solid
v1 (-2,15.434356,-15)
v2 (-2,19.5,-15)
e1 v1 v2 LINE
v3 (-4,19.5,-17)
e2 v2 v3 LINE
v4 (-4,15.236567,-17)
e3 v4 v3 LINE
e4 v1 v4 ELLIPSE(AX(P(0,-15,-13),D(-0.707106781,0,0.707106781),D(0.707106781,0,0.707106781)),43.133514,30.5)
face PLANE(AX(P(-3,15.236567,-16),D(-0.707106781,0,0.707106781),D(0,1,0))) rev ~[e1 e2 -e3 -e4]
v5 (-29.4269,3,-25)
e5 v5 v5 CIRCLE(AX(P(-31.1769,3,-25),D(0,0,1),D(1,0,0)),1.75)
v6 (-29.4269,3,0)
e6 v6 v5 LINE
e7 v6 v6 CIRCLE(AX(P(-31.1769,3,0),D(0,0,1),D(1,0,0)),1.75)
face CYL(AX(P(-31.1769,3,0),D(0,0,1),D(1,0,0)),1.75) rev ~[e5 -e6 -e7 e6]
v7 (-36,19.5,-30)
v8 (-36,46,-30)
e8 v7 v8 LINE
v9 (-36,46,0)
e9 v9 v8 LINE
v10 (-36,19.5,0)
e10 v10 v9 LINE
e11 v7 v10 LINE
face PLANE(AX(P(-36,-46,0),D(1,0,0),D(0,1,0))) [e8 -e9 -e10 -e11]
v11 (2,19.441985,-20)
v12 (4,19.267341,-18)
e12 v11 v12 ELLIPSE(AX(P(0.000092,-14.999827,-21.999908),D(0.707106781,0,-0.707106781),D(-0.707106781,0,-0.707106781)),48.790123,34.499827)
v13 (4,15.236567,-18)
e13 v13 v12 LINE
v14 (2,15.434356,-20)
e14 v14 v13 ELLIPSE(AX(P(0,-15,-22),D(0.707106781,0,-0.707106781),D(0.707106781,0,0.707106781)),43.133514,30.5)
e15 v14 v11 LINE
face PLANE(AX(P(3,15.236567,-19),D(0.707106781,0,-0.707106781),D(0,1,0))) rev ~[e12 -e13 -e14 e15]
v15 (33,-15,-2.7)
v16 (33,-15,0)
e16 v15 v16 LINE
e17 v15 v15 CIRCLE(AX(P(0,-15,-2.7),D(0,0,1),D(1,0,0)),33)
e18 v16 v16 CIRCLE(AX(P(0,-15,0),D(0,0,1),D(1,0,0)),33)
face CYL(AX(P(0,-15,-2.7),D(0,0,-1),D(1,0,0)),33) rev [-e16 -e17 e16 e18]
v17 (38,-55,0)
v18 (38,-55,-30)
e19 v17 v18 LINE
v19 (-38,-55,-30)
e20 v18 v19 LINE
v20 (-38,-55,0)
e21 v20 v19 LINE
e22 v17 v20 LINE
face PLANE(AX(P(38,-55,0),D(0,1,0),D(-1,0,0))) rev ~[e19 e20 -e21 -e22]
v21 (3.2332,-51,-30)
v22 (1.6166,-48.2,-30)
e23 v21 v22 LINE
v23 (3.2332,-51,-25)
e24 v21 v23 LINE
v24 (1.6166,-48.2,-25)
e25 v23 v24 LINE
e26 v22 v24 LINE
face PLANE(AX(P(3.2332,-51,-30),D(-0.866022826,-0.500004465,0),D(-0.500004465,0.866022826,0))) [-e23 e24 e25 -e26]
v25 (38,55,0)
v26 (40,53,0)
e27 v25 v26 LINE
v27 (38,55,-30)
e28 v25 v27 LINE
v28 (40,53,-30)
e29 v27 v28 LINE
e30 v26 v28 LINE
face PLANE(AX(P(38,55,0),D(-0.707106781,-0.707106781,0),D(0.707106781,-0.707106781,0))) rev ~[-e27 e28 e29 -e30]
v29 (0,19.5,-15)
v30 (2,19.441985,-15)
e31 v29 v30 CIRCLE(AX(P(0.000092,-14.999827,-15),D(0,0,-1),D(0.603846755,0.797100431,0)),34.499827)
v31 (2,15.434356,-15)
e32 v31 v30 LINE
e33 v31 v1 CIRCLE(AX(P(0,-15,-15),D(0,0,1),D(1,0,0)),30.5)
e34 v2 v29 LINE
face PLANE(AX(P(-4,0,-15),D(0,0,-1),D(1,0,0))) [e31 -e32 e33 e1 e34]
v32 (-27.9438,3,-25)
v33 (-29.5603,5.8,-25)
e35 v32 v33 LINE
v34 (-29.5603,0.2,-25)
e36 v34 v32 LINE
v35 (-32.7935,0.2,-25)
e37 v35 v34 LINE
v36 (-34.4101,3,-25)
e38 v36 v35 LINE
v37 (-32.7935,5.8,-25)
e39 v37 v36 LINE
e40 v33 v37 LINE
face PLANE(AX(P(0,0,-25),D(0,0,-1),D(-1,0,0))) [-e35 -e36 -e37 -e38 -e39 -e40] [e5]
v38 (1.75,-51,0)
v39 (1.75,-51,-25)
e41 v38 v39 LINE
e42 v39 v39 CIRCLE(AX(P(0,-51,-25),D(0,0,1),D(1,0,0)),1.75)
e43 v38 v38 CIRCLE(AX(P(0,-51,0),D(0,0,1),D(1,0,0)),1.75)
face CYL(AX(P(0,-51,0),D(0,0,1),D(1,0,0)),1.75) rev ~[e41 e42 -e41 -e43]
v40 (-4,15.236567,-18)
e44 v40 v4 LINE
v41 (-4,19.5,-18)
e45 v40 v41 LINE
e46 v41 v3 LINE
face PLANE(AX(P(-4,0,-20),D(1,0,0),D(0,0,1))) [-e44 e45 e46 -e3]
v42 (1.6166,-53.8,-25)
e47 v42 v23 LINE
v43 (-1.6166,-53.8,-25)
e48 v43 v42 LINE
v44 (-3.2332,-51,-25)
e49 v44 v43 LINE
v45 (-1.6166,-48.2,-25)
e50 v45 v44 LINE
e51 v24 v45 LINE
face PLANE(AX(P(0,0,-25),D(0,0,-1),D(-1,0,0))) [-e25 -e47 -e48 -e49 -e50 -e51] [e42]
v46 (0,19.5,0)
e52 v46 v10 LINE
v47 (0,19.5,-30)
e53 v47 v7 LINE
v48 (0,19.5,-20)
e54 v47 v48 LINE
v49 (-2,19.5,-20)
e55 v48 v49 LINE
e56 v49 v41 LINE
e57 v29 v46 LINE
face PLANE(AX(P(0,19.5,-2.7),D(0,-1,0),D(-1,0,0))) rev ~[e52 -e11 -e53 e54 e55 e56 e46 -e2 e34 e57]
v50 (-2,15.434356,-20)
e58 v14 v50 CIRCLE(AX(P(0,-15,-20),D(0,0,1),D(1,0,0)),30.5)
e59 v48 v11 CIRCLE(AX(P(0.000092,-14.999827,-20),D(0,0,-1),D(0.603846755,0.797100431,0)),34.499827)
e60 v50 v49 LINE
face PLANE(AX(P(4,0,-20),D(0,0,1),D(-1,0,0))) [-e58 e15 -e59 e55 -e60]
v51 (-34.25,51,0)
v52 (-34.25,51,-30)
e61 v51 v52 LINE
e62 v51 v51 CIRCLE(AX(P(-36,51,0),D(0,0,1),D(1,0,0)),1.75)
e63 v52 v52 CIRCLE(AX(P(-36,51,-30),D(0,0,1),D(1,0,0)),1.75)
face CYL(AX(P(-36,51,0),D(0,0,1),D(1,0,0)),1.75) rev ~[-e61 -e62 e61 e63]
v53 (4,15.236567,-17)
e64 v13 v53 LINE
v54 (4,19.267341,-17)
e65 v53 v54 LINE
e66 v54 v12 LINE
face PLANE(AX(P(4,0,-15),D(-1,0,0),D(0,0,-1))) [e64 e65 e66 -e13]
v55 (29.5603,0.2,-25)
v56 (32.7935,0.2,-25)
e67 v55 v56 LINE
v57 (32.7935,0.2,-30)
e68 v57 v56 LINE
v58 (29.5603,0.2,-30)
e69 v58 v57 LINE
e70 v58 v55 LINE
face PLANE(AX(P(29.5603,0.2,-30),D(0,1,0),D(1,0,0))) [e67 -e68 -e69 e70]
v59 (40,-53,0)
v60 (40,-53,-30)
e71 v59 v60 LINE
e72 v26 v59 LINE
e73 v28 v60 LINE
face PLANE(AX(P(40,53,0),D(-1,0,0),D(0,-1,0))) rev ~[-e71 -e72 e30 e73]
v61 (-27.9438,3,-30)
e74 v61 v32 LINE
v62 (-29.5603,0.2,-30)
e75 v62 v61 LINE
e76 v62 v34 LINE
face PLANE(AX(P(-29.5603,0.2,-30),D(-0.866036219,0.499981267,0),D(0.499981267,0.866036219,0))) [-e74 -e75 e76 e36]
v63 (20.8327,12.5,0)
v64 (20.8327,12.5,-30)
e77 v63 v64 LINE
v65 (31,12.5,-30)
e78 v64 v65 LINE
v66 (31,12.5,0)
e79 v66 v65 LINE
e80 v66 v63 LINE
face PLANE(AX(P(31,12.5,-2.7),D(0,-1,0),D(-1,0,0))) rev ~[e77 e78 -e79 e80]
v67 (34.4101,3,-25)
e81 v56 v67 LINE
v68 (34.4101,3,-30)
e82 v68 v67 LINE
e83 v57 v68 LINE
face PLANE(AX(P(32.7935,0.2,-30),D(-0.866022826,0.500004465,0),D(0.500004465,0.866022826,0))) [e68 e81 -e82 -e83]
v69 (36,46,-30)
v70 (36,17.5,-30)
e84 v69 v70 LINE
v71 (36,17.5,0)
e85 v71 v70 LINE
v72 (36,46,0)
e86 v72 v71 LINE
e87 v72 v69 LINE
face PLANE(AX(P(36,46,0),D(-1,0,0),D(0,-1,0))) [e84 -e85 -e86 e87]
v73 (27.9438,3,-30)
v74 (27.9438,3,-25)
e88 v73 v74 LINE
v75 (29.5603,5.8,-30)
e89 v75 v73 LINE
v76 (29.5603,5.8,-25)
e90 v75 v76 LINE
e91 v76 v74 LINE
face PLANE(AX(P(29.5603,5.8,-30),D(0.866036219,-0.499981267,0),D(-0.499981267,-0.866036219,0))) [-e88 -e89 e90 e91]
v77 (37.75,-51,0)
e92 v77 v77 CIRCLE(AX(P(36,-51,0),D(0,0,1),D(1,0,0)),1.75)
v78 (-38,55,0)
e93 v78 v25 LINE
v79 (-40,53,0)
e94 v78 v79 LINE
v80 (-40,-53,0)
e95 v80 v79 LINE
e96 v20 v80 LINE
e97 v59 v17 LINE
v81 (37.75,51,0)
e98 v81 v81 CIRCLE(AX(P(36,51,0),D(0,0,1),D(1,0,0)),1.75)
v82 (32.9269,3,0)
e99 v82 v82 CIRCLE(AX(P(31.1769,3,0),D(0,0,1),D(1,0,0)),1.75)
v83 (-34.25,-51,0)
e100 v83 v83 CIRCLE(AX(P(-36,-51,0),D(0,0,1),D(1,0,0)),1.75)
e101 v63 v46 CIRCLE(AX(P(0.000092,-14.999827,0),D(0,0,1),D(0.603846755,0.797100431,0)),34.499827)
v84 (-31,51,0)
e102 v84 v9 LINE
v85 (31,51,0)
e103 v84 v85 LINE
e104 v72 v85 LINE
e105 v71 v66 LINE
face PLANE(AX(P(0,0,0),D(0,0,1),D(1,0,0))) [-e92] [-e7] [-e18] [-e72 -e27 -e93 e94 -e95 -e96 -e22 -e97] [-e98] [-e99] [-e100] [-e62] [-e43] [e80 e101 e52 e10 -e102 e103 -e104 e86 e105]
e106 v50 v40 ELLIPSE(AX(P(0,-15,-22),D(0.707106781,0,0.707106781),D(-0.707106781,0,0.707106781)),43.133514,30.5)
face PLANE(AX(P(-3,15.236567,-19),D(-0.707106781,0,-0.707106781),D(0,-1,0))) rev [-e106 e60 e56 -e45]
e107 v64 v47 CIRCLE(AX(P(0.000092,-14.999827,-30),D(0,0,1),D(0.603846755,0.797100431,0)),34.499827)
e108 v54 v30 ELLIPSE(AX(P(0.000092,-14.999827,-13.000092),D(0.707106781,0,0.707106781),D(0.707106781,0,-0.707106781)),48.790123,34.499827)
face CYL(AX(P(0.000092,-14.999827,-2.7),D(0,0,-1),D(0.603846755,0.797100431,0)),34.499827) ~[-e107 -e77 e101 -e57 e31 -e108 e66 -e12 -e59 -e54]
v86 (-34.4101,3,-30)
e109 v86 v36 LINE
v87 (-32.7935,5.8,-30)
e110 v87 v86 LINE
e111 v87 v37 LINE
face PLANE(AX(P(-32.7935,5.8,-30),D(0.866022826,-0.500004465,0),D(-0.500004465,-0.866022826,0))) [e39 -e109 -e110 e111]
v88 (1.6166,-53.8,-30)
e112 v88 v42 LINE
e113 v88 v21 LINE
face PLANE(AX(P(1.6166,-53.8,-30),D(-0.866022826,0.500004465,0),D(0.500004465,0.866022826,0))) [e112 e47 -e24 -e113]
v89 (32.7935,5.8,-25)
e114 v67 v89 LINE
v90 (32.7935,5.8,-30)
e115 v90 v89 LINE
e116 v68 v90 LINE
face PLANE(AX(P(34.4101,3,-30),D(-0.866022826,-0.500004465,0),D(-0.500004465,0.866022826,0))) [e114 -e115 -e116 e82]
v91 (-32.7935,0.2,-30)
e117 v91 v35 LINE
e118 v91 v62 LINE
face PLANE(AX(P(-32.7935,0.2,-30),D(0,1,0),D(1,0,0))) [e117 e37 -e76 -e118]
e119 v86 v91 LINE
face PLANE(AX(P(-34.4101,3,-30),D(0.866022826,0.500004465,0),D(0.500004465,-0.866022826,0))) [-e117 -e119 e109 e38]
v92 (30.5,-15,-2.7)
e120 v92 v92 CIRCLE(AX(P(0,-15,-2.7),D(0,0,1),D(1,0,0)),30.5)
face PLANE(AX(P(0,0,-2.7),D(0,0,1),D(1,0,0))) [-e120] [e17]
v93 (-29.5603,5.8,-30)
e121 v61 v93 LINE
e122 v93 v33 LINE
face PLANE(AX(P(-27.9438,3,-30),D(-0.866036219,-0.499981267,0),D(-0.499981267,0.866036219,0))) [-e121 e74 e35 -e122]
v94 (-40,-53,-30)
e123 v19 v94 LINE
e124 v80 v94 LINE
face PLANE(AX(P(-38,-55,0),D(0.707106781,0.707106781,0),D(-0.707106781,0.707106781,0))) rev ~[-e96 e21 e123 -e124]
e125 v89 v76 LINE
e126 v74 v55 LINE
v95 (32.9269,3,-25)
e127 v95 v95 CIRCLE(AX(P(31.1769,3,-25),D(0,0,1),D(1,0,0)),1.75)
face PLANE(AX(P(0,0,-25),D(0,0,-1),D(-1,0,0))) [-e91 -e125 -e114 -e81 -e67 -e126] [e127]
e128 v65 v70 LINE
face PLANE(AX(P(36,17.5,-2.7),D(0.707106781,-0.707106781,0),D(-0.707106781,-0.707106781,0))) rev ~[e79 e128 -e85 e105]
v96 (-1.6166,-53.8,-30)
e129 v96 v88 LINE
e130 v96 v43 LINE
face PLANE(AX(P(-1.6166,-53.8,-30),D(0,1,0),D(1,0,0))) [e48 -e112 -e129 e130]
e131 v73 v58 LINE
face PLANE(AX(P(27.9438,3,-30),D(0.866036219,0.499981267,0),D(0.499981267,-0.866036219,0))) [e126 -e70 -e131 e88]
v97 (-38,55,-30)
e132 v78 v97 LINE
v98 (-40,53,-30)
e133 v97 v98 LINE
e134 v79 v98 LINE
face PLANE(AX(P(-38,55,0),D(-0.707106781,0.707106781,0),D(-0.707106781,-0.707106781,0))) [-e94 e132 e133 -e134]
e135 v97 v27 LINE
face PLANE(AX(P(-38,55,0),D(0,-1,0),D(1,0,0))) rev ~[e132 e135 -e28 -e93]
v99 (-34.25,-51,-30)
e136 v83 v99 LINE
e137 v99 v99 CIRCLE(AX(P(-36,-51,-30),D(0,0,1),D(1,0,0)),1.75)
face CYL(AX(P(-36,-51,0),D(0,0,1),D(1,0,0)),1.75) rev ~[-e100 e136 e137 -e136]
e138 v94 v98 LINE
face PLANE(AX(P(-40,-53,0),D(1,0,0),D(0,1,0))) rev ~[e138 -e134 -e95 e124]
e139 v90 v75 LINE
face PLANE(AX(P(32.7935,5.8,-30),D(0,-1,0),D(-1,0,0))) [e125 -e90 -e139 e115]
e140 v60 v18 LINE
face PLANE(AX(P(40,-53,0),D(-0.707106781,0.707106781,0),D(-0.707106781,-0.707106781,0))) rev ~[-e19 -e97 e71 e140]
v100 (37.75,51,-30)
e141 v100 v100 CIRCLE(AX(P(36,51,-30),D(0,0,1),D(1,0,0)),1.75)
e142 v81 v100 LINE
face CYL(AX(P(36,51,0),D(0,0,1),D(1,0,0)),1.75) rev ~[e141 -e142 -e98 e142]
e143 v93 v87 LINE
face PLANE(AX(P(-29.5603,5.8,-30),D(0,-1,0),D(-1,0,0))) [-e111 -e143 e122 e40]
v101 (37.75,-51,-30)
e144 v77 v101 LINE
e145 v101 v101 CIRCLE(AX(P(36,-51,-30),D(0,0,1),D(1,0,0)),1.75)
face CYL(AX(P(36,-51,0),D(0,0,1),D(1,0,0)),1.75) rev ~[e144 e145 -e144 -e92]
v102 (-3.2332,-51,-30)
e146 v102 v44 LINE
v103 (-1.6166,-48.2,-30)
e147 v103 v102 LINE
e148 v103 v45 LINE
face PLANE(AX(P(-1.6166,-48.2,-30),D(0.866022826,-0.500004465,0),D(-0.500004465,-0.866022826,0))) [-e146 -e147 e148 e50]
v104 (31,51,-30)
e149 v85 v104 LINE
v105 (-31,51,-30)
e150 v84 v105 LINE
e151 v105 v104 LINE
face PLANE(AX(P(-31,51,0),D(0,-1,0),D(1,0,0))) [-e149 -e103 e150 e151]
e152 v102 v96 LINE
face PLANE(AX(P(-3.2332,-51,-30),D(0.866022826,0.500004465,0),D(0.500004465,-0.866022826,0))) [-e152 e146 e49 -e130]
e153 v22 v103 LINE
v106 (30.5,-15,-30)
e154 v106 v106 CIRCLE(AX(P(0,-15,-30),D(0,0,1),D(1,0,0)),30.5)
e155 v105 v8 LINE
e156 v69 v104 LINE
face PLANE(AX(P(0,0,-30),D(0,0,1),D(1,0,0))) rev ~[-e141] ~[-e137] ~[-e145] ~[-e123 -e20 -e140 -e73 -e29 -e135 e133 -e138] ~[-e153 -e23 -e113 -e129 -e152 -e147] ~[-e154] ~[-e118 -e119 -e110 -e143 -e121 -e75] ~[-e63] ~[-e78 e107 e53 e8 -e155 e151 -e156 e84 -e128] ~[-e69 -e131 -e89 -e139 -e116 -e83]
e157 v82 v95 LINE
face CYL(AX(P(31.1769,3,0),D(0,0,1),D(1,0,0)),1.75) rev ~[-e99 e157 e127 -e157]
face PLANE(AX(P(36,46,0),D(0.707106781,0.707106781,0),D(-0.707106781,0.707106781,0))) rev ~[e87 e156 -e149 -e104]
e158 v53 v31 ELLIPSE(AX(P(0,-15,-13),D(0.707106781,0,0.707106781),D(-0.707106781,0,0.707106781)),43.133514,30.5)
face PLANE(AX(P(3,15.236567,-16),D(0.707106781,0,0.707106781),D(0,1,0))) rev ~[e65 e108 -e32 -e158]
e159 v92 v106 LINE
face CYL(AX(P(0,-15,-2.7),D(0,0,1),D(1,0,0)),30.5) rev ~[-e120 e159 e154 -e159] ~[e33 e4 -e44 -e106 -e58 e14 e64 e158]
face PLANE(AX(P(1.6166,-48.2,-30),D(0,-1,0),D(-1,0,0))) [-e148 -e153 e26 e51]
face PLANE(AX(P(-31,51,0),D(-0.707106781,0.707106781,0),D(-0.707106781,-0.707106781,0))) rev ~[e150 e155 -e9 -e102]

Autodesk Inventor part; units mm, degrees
ref_plane "YZ Plane" through (0, 0, 0) normal (1, 0, 0) x (0, 1, 0)
ref_plane "XZ Plane" through (0, 0, 0) normal (0, 1, 0) x (-1, 0, 0)
sketch "スケッチ1" plane through (0, 0, 0) normal (0, 0, 1) x (1, 0, 0)
  line L0 (38, -55) -> (-38, -55)
  line L1 (-40, -53) -> (-40, 53)
  line L2 (-38, 55) -> (38, 55)
  line L3 (40, 53) -> (40, -53)
  line L4 (40, -55) -> (-40, 55) construction
  line L5 (-40, -55) -> (40, 55) construction
  line L6 (-38, 55) -> (-40, 53)
  line L7 (38, 55) -> (40, 53)
  line L8 (40, -53) -> (38, -55)
  line L9 (-38, -55) -> (-40, -53)
  circle A0 centre (-36, 51) radius 1.75
  line L10 (-56, 0) -> (56, 0) construction
  line L11 (0, -77) -> (0, 77) construction
  circle A1 centre (36, 51) radius 1.75
  circle A2 centre (-36, -51) radius 1.75
  circle A3 centre (36, -51) radius 1.75
  line L12 (31, -51) -> (-31, -51)
  line L13 (-36, -46) -> (-36, 46)
  line L14 (-31, 51) -> (31, 51)
  line L15 (36, 46) -> (36, -46)
  line L16 (36, -51) -> (-36, 51) construction
  line L17 (-36, -51) -> (36, 51) construction
  line L18 (-31, 51) -> (-36, 46)
  line L19 (36, 46) -> (31, 51)
  line L20 (-31, -51) -> (-36, -46)
  line L21 (31, -51) -> (36, -46)
  point P0 (0, 0)
  dimension "d1" = 80
  dimension "d2" = 110
  dimension "d3" = 2
  dimension "d4" = 2
  dimension "d5" = 2
  dimension "d6" = 2
  dimension "d7" = 2
  dimension "d8" = 2
  dimension "d9" = 2
  dimension "d10" = 2
  dimension "d11" = 3.5
  dimension "d12" = 4
  dimension "d13" = 4
  dimension "d14" = 4
  dimension "d15" = 4
  dimension "d16" = 5
  dimension "d17" = 5
  dimension "d18" = 5
  dimension "d19" = 5
  dimension "d20" = 5
  dimension "d21" = 5
  dimension "d22" = 5
  dimension "d23" = 5
extrude "押し出し1" add sketch "スケッチ1" against normal blind 30
ref_plane "作業平面1" through (0, 0, -2.7) normal (0, 0, 1) x (1, 0, 0)
sketch "スケッチ2" plane through (0, 0, -2.7) normal (0, 0, 1) x (1, 0, 0)
  line L0 (-56, 0) -> (56, 0) construction
  line L1 (0, -77) -> (0, 77) construction
  circle A0 centre (0, -15) radius 36 construction
  line L2 (31, -51) -> (-31, -51) projected
  circle A1 centre (0, -15) radius 30.5
  line L3 (-36, 20) -> (4, 20) construction
  line L4 (4, 20) -> (4, 36) construction
  line L5 (4, 36) -> (-36, 36) construction
  line L6 (-36, 36) -> (-36, 20) construction
  line L7 (-36, 20) -> (4, 36) construction
  line L8 (4, 20) -> (-36, 36) construction
  line L9 (-36, 46) -> (-31, 51) construction
  line L10 (-31, 51) -> (31, 51) construction
  line L11 (31, 51) -> (36, 46) construction
  line L12 (36, 46) -> (36, -46) construction
  line L13 (36, -46) -> (31, -51) projected
  line L14 (-31, -51) -> (-36, -46) projected
  line L15 (-36, -46) -> (-36, 46) construction
  circle A2 centre (25, 25) radius 12.5 construction
  circle A3 centre (0, -15) radius 34.5 construction
  line L16 (0, 19.5) -> (-36, 19.5)
  arc A4 (20.8327, 12.5) -> (0, 19.5) centre (0, -15) ccw
  line L17 (20.8327, 12.5) -> (31, 12.5)
  line L18 (-36, 19.5) -> (-36, -46)
  line L19 (36, 17.5) -> (36, -46)
  line L20 (31, 12.5) -> (36, 17.5)
  point P0 (0, 0)
  point P1 (-16, 28)
  point P2 (36, 12.5)
  dimension "d27" = 72
  dimension "d28" = 61
  dimension "d29" = 35
  dimension "d30" = 4
  dimension "d31" = 40
  dimension "d32" = 16
  dimension "d33" = 4
  dimension "d34" = 25
  dimension "d35" = 40
  dimension "d36" = 25
  dimension "d39" = 5
  dimension "d40" = 5
extrude "押し出し2" add sketch "スケッチ2" against normal up to surface (27.3 mm away)
sketch "スケッチ3" plane through (0, 0, -2.7) normal (0, 0, 1) x (1, 0, 0)
  line L0 (0, 19.5) -> (-36, 19.5) projected
  line L1 (-36, -46) -> (-36, 19.5) projected
  line L2 (-31, -51) -> (-36, -46) projected
  line L3 (31, -51) -> (-31, -51) projected
  line L4 (36, -46) -> (31, -51) projected
  line L5 (36, 17.5) -> (36, -46) projected
  line L6 (36, 17.5) -> (31, 12.5) projected
  line L7 (31, 12.5) -> (20.8327, 12.5) projected
  arc A0 (20.8327, 12.5) -> (0, 19.5) centre (0, -15) ccw projected
  circle A1 centre (0, -15) radius 30.5 construction
  circle A2 centre (0, -15) radius 33
  point P0 (0, 0)
  dimension "d41" = 66
extrude "押し出し3" add sketch "スケッチ3" along normal up to surface (2.7 mm away)
sketch "スケッチ4" plane through (0, 0, 0) normal (0, 0, 1) x (1, 0, 0)
  circle A0 centre (0, -15) radius 30.5 construction
  circle A1 centre (0, -15) radius 36 construction
  line L0 (0, -77) -> (0, 77) construction
  circle A2 centre (0, -51) radius 1.75
  circle A3 centre (31.1769, 3) radius 1.75
  circle A4 centre (-31.1769, 3) radius 1.75
  point P0 (0, 0)
  dimension "d44" = 72
  dimension "d45" = 3.5
  dimension "d48" = 360
extrude "押し出し4" cut sketch "スケッチ4" against normal through all
sketch "スケッチ5" plane through (0, 0, -30) normal (0, 0, -1) x (-1, 0, 0)
  circle A0 centre (-31.1769, 3) radius 1.75 construction
  circle A1 centre (31.1769, 3) radius 1.75 construction
  circle A2 centre (0, -51) radius 1.75 construction
  line L0 (-29.5603, 5.8) -> (-27.9438, 3)
  line L1 (-27.9438, 3) -> (-29.5603, 0.2)
  line L2 (-29.5603, 0.2) -> (-32.7935, 0.2)
  line L3 (-32.7935, 0.2) -> (-34.4101, 3)
  line L4 (-34.4101, 3) -> (-32.7935, 5.8)
  line L5 (-32.7935, 5.8) -> (-29.5603, 5.8)
  line L6 (32.7935, 5.8) -> (34.4101, 3)
  line L7 (34.4101, 3) -> (32.7935, 0.2)
  line L8 (32.7935, 0.2) -> (29.5603, 0.2)
  line L9 (29.5603, 0.2) -> (27.9438, 3)
  line L10 (27.9438, 3) -> (29.5603, 5.8)
  line L11 (29.5603, 5.8) -> (32.7935, 5.8)
  line L12 (1.6166, -48.2) -> (3.2332, -51)
  line L13 (3.2332, -51) -> (1.6166, -53.8)
  line L14 (1.6166, -53.8) -> (-1.6166, -53.8)
  line L15 (-1.6166, -53.8) -> (-3.2332, -51)
  line L16 (-3.2332, -51) -> (-1.6166, -48.2)
  line L17 (-1.6166, -48.2) -> (1.6166, -48.2)
  point P0 (0, 0)
  dimension "d52" = 5.6
extrude "押し出し5" cut sketch "スケッチ5" against normal blind 5
sketch "スケッチ6" plane through (0, 0, 0) normal (0, 1, 0) x (-1, 0, 0)
  line L0 (-4, -20) -> (4, -20)
  line L1 (4, -20) -> (4, -15)
  line L2 (4, -15) -> (-4, -15)
  line L3 (-4, -15) -> (-4, -20)
  line L4 (-4, -20) -> (4, -15) construction
  line L5 (4, -20) -> (-4, -15) construction
  line L6 (0, -62.7735) -> (0, 10.4622) construction
  line L7 (56, 0) -> (-56, 0) construction
  point P0 (0, 0)
  point P1 (0, -17.5)
  dimension "d55" = 5
  dimension "d56" = 8
  dimension "d57" = 17.5
extrude "押し出し6" cut sketch "スケッチ6" along normal up to surface (19.5 mm away)
chamfer "面取り1" distance 2 angle 45 4 edges at (-4, 17.3683, -20) (-4, 17.3683, -15) (4, 17.2519, -15) (4, 17.2519, -20)
equation "\"d4\" = d3"
equation "\"d5\" = d3"
equation "\"d6\" = d5"
equation "\"d7\" = d3"
equation "\"d8\" = d7"
equation "\"d9\" = d3"
equation "\"d10\" = d9"
equation "\"d17\" = d16"
equation "\"d19\" = d18"
equation "\"d20\" = d18"
equation "\"d21\" = d20"
equation "\"d22\" = d18"
equation "\"d23\" = d22"
equation "\"d40\" = d39"
properties part number "housing_3dp"
